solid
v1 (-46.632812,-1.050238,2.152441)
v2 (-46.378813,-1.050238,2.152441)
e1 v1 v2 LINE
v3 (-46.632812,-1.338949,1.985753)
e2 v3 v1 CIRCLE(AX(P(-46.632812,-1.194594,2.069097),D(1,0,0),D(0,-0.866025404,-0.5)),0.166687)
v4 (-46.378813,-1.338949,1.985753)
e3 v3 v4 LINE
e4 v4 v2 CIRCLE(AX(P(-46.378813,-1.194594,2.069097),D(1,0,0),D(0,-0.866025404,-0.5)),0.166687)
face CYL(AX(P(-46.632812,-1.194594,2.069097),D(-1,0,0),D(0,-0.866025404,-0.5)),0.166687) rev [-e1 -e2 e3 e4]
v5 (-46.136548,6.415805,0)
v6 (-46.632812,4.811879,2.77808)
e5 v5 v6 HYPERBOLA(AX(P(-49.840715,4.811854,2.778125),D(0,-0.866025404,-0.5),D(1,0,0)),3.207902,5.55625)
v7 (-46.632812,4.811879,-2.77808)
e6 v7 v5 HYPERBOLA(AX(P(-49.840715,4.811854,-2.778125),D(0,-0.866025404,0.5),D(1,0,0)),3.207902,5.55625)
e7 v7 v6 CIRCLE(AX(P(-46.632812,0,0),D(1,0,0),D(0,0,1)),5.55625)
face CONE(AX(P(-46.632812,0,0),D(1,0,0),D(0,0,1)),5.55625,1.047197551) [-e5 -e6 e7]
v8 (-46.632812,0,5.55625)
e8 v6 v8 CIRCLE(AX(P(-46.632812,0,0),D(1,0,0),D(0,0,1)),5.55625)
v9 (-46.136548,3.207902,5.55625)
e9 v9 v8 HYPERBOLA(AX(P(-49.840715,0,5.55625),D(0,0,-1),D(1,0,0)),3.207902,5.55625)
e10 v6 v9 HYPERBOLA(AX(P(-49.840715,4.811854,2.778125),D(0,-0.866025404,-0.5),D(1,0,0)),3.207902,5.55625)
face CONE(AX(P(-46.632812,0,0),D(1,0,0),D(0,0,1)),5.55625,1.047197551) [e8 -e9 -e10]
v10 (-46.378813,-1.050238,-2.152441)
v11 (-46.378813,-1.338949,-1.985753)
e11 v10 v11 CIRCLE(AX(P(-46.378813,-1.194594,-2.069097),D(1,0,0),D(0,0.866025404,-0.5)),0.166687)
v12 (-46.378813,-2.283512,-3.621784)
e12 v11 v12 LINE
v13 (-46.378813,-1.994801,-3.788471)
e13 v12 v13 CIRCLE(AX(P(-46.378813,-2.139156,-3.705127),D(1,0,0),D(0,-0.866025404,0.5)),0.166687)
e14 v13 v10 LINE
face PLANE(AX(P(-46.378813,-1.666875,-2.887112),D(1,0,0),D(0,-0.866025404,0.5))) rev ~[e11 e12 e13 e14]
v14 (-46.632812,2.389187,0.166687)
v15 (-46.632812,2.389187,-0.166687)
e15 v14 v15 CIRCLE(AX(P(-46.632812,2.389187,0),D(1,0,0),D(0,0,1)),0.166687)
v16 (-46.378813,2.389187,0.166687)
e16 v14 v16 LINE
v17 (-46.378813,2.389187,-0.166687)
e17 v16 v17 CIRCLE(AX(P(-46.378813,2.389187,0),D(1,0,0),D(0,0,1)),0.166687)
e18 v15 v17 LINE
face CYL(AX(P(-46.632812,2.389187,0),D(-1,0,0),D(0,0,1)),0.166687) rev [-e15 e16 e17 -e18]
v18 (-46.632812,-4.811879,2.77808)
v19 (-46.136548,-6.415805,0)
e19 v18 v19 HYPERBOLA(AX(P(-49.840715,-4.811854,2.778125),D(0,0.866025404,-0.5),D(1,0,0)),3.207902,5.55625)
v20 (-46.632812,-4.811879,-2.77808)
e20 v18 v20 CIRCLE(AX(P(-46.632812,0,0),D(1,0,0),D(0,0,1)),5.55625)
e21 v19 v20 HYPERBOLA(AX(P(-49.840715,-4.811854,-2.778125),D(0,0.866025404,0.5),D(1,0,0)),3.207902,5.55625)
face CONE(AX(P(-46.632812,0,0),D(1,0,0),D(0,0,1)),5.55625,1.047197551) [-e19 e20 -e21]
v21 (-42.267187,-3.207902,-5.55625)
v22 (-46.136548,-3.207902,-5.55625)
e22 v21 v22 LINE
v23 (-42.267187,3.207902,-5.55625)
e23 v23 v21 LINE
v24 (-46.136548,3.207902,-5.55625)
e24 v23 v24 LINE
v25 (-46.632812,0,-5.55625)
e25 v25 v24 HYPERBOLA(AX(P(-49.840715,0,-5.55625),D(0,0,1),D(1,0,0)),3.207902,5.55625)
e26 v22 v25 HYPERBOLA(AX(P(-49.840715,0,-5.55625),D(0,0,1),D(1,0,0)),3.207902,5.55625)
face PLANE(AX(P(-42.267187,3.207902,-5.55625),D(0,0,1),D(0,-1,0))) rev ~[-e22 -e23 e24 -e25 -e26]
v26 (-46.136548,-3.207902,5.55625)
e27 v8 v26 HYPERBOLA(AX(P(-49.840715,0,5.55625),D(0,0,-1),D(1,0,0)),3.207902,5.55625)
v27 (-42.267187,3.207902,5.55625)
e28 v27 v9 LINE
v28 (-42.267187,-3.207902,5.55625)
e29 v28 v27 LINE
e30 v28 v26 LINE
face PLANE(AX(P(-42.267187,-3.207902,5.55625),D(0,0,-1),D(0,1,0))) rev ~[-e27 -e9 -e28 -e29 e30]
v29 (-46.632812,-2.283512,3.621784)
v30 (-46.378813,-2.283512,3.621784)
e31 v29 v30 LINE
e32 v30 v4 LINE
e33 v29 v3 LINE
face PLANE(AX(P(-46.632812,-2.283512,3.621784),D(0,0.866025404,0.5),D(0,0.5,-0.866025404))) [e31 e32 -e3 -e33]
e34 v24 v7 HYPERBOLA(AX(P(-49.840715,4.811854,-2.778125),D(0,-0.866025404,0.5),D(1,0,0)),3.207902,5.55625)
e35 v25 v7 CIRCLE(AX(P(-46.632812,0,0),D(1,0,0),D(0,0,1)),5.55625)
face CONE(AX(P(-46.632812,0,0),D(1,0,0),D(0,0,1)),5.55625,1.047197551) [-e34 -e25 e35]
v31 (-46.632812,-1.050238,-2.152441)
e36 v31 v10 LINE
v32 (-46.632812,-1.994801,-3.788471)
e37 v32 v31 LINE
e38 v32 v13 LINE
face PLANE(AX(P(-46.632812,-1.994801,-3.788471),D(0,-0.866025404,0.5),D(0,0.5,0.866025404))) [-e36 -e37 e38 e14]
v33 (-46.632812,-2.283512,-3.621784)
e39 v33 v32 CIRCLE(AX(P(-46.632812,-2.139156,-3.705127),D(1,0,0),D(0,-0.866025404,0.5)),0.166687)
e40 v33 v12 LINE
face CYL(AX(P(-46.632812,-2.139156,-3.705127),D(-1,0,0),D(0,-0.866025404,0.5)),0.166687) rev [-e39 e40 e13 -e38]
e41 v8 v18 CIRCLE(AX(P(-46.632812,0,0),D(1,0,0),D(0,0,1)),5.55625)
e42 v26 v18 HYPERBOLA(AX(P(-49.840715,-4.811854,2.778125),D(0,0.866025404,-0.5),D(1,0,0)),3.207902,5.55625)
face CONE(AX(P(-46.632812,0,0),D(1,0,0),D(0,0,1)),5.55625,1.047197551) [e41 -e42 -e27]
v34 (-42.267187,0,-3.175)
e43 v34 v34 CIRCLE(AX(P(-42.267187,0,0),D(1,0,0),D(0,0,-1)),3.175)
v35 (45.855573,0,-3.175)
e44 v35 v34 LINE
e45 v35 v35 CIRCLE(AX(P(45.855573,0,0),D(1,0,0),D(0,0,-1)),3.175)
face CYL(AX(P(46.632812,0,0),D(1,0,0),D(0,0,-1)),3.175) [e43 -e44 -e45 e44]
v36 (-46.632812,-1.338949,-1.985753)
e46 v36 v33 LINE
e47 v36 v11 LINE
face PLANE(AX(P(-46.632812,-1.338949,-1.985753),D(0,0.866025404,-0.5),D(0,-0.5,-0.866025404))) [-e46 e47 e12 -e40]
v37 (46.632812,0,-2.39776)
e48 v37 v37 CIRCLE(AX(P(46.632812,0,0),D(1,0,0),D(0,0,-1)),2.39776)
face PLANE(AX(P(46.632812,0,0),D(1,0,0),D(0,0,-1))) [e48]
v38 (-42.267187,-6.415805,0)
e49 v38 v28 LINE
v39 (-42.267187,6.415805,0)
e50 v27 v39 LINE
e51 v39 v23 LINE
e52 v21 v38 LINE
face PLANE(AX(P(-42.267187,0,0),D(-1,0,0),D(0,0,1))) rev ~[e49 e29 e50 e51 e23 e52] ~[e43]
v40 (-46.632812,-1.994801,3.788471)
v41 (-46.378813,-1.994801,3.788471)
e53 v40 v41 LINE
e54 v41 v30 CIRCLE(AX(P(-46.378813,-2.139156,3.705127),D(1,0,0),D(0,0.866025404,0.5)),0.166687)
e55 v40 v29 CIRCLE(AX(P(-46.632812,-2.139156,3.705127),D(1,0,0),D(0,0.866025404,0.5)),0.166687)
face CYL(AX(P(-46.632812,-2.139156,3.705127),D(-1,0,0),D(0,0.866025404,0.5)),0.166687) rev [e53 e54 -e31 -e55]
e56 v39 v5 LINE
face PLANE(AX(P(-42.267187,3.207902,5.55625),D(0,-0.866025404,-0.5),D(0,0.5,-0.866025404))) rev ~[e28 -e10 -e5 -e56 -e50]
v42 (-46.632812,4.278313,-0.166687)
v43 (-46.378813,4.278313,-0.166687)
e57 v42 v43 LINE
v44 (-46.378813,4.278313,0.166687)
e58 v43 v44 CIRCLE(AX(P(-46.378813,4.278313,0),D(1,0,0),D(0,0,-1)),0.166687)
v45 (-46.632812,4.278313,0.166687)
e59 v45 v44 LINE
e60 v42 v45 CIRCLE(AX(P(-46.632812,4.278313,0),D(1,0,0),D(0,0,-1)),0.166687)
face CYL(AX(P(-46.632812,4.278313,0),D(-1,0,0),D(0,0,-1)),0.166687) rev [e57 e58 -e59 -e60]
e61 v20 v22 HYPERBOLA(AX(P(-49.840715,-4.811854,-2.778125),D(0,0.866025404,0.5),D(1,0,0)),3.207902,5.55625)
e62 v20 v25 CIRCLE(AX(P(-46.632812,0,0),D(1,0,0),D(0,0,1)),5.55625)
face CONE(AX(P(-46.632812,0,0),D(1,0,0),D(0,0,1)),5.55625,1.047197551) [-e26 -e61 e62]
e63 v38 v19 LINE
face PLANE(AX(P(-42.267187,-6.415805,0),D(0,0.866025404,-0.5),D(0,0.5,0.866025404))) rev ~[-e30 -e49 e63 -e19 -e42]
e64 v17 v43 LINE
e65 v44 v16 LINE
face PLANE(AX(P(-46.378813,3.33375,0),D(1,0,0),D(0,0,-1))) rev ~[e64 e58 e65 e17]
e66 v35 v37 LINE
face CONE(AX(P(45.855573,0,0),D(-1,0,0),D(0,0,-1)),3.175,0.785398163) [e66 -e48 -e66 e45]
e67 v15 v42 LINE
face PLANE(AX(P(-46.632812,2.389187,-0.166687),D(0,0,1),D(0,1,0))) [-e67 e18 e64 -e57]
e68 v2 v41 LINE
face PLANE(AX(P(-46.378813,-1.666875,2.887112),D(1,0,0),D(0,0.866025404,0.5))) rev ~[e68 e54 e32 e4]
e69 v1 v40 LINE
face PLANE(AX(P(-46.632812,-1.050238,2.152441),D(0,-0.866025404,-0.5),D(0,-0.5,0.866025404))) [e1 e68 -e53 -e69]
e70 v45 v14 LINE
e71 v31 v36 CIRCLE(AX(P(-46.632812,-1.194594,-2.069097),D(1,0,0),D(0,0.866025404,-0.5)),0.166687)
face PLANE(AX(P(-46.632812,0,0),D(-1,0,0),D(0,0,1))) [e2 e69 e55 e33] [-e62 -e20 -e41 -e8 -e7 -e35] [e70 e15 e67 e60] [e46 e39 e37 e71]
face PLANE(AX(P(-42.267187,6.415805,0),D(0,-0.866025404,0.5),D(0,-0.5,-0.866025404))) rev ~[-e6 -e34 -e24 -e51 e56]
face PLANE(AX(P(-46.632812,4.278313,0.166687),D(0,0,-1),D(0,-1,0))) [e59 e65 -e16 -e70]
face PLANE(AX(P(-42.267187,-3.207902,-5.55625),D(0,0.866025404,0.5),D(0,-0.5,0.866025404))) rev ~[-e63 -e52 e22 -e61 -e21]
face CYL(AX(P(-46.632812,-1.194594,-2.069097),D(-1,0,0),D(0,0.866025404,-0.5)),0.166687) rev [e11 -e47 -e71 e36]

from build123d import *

# Parameters (mm, degrees)
SKETCH5_R           = 3.175
BOSS_EXTRUDE3_DEPTH = 88.9
CHAMFER1_SIZE       = 0.77724
BOSS_EXTRUDE4_DEPTH = 4.365625
SKETCH8_OUTSIDE_W   = 358.618
SKETCH8_OUTSIDE_H   = 360.338
SKETCH8_OUTSIDE_R   = 5.55625
CUT_EXTRUDE3_DEPTH  = 94.265625
CUT_EXTRUDE3_TAPER  = 60
CUT_EXTRUDE4_DEPTH  = 0.254
CIRPATTERN1_COUNT   = 3


with BuildPart() as part:
    # Sketch5 → Boss-Extrude3 (new body)
    with BuildSketch(Plane(origin=(46.6328125, 0, 0), x_dir=(0, 0, -1), z_dir=(1, 0, 0))):
        Circle(SKETCH5_R)
    extrude(amount=-BOSS_EXTRUDE3_DEPTH)

    # Chamfer1
    chamfer1_edges = [part.edges().sort_by_distance(p)[0] for p in [
        (46.6328125, 0, 3.175),
    ]]
    chamfer(chamfer1_edges, length=CHAMFER1_SIZE)

    # Sketch6 → Boss-Extrude4 (add)
    with BuildSketch(Plane.ZY.offset(42.2671875)):
        Polygon((5.55625, 3.207902433), (0, 6.415804866), (-5.55625, 3.207902433), (-5.55625, -3.207902433), (0, -6.415804866), (5.55625, -3.207902433), align=None)
    extrude(amount=BOSS_EXTRUDE4_DEPTH)

    # Sketch8 outside → Cut-Extrude3 (cut, through all)
    with BuildSketch(Plane.ZY.offset(46.6328125)):
        Rectangle(SKETCH8_OUTSIDE_W, SKETCH8_OUTSIDE_H)
        Circle(SKETCH8_OUTSIDE_R, mode=Mode.SUBTRACT)
    extrude(amount=-CUT_EXTRUDE3_DEPTH, taper=CUT_EXTRUDE3_TAPER, mode=Mode.SUBTRACT)

    # Sketch12 → Cut-Extrude4 (cut)
    with BuildSketch(Plane.ZY.offset(46.6328125)):
        with BuildLine():
            Line((0.1666875, 4.2783125), (0.1666875, 2.3891875))
            ThreePointArc((0.1666875, 2.3891875), (0, 2.2225), (-0.1666875, 2.3891875))
            Line((-0.1666875, 2.3891875), (-0.1666875, 4.2783125))
            ThreePointArc((-0.1666875, 4.2783125), (0, 4.445), (0.1666875, 4.2783125))
        make_face()
    cut_extrude4 = extrude(amount=-CUT_EXTRUDE4_DEPTH, mode=Mode.SUBTRACT)

    # CirPattern1: Cut-Extrude4 ×3 about axis
    cirpattern1_axis = Axis((0, 0, 0), (1, 0, 0))
    for i in range(1, CIRPATTERN1_COUNT):
        add(cut_extrude4.rotate(cirpattern1_axis, i * 360 / CIRPATTERN1_COUNT), mode=Mode.SUBTRACT)


solid = part.part
